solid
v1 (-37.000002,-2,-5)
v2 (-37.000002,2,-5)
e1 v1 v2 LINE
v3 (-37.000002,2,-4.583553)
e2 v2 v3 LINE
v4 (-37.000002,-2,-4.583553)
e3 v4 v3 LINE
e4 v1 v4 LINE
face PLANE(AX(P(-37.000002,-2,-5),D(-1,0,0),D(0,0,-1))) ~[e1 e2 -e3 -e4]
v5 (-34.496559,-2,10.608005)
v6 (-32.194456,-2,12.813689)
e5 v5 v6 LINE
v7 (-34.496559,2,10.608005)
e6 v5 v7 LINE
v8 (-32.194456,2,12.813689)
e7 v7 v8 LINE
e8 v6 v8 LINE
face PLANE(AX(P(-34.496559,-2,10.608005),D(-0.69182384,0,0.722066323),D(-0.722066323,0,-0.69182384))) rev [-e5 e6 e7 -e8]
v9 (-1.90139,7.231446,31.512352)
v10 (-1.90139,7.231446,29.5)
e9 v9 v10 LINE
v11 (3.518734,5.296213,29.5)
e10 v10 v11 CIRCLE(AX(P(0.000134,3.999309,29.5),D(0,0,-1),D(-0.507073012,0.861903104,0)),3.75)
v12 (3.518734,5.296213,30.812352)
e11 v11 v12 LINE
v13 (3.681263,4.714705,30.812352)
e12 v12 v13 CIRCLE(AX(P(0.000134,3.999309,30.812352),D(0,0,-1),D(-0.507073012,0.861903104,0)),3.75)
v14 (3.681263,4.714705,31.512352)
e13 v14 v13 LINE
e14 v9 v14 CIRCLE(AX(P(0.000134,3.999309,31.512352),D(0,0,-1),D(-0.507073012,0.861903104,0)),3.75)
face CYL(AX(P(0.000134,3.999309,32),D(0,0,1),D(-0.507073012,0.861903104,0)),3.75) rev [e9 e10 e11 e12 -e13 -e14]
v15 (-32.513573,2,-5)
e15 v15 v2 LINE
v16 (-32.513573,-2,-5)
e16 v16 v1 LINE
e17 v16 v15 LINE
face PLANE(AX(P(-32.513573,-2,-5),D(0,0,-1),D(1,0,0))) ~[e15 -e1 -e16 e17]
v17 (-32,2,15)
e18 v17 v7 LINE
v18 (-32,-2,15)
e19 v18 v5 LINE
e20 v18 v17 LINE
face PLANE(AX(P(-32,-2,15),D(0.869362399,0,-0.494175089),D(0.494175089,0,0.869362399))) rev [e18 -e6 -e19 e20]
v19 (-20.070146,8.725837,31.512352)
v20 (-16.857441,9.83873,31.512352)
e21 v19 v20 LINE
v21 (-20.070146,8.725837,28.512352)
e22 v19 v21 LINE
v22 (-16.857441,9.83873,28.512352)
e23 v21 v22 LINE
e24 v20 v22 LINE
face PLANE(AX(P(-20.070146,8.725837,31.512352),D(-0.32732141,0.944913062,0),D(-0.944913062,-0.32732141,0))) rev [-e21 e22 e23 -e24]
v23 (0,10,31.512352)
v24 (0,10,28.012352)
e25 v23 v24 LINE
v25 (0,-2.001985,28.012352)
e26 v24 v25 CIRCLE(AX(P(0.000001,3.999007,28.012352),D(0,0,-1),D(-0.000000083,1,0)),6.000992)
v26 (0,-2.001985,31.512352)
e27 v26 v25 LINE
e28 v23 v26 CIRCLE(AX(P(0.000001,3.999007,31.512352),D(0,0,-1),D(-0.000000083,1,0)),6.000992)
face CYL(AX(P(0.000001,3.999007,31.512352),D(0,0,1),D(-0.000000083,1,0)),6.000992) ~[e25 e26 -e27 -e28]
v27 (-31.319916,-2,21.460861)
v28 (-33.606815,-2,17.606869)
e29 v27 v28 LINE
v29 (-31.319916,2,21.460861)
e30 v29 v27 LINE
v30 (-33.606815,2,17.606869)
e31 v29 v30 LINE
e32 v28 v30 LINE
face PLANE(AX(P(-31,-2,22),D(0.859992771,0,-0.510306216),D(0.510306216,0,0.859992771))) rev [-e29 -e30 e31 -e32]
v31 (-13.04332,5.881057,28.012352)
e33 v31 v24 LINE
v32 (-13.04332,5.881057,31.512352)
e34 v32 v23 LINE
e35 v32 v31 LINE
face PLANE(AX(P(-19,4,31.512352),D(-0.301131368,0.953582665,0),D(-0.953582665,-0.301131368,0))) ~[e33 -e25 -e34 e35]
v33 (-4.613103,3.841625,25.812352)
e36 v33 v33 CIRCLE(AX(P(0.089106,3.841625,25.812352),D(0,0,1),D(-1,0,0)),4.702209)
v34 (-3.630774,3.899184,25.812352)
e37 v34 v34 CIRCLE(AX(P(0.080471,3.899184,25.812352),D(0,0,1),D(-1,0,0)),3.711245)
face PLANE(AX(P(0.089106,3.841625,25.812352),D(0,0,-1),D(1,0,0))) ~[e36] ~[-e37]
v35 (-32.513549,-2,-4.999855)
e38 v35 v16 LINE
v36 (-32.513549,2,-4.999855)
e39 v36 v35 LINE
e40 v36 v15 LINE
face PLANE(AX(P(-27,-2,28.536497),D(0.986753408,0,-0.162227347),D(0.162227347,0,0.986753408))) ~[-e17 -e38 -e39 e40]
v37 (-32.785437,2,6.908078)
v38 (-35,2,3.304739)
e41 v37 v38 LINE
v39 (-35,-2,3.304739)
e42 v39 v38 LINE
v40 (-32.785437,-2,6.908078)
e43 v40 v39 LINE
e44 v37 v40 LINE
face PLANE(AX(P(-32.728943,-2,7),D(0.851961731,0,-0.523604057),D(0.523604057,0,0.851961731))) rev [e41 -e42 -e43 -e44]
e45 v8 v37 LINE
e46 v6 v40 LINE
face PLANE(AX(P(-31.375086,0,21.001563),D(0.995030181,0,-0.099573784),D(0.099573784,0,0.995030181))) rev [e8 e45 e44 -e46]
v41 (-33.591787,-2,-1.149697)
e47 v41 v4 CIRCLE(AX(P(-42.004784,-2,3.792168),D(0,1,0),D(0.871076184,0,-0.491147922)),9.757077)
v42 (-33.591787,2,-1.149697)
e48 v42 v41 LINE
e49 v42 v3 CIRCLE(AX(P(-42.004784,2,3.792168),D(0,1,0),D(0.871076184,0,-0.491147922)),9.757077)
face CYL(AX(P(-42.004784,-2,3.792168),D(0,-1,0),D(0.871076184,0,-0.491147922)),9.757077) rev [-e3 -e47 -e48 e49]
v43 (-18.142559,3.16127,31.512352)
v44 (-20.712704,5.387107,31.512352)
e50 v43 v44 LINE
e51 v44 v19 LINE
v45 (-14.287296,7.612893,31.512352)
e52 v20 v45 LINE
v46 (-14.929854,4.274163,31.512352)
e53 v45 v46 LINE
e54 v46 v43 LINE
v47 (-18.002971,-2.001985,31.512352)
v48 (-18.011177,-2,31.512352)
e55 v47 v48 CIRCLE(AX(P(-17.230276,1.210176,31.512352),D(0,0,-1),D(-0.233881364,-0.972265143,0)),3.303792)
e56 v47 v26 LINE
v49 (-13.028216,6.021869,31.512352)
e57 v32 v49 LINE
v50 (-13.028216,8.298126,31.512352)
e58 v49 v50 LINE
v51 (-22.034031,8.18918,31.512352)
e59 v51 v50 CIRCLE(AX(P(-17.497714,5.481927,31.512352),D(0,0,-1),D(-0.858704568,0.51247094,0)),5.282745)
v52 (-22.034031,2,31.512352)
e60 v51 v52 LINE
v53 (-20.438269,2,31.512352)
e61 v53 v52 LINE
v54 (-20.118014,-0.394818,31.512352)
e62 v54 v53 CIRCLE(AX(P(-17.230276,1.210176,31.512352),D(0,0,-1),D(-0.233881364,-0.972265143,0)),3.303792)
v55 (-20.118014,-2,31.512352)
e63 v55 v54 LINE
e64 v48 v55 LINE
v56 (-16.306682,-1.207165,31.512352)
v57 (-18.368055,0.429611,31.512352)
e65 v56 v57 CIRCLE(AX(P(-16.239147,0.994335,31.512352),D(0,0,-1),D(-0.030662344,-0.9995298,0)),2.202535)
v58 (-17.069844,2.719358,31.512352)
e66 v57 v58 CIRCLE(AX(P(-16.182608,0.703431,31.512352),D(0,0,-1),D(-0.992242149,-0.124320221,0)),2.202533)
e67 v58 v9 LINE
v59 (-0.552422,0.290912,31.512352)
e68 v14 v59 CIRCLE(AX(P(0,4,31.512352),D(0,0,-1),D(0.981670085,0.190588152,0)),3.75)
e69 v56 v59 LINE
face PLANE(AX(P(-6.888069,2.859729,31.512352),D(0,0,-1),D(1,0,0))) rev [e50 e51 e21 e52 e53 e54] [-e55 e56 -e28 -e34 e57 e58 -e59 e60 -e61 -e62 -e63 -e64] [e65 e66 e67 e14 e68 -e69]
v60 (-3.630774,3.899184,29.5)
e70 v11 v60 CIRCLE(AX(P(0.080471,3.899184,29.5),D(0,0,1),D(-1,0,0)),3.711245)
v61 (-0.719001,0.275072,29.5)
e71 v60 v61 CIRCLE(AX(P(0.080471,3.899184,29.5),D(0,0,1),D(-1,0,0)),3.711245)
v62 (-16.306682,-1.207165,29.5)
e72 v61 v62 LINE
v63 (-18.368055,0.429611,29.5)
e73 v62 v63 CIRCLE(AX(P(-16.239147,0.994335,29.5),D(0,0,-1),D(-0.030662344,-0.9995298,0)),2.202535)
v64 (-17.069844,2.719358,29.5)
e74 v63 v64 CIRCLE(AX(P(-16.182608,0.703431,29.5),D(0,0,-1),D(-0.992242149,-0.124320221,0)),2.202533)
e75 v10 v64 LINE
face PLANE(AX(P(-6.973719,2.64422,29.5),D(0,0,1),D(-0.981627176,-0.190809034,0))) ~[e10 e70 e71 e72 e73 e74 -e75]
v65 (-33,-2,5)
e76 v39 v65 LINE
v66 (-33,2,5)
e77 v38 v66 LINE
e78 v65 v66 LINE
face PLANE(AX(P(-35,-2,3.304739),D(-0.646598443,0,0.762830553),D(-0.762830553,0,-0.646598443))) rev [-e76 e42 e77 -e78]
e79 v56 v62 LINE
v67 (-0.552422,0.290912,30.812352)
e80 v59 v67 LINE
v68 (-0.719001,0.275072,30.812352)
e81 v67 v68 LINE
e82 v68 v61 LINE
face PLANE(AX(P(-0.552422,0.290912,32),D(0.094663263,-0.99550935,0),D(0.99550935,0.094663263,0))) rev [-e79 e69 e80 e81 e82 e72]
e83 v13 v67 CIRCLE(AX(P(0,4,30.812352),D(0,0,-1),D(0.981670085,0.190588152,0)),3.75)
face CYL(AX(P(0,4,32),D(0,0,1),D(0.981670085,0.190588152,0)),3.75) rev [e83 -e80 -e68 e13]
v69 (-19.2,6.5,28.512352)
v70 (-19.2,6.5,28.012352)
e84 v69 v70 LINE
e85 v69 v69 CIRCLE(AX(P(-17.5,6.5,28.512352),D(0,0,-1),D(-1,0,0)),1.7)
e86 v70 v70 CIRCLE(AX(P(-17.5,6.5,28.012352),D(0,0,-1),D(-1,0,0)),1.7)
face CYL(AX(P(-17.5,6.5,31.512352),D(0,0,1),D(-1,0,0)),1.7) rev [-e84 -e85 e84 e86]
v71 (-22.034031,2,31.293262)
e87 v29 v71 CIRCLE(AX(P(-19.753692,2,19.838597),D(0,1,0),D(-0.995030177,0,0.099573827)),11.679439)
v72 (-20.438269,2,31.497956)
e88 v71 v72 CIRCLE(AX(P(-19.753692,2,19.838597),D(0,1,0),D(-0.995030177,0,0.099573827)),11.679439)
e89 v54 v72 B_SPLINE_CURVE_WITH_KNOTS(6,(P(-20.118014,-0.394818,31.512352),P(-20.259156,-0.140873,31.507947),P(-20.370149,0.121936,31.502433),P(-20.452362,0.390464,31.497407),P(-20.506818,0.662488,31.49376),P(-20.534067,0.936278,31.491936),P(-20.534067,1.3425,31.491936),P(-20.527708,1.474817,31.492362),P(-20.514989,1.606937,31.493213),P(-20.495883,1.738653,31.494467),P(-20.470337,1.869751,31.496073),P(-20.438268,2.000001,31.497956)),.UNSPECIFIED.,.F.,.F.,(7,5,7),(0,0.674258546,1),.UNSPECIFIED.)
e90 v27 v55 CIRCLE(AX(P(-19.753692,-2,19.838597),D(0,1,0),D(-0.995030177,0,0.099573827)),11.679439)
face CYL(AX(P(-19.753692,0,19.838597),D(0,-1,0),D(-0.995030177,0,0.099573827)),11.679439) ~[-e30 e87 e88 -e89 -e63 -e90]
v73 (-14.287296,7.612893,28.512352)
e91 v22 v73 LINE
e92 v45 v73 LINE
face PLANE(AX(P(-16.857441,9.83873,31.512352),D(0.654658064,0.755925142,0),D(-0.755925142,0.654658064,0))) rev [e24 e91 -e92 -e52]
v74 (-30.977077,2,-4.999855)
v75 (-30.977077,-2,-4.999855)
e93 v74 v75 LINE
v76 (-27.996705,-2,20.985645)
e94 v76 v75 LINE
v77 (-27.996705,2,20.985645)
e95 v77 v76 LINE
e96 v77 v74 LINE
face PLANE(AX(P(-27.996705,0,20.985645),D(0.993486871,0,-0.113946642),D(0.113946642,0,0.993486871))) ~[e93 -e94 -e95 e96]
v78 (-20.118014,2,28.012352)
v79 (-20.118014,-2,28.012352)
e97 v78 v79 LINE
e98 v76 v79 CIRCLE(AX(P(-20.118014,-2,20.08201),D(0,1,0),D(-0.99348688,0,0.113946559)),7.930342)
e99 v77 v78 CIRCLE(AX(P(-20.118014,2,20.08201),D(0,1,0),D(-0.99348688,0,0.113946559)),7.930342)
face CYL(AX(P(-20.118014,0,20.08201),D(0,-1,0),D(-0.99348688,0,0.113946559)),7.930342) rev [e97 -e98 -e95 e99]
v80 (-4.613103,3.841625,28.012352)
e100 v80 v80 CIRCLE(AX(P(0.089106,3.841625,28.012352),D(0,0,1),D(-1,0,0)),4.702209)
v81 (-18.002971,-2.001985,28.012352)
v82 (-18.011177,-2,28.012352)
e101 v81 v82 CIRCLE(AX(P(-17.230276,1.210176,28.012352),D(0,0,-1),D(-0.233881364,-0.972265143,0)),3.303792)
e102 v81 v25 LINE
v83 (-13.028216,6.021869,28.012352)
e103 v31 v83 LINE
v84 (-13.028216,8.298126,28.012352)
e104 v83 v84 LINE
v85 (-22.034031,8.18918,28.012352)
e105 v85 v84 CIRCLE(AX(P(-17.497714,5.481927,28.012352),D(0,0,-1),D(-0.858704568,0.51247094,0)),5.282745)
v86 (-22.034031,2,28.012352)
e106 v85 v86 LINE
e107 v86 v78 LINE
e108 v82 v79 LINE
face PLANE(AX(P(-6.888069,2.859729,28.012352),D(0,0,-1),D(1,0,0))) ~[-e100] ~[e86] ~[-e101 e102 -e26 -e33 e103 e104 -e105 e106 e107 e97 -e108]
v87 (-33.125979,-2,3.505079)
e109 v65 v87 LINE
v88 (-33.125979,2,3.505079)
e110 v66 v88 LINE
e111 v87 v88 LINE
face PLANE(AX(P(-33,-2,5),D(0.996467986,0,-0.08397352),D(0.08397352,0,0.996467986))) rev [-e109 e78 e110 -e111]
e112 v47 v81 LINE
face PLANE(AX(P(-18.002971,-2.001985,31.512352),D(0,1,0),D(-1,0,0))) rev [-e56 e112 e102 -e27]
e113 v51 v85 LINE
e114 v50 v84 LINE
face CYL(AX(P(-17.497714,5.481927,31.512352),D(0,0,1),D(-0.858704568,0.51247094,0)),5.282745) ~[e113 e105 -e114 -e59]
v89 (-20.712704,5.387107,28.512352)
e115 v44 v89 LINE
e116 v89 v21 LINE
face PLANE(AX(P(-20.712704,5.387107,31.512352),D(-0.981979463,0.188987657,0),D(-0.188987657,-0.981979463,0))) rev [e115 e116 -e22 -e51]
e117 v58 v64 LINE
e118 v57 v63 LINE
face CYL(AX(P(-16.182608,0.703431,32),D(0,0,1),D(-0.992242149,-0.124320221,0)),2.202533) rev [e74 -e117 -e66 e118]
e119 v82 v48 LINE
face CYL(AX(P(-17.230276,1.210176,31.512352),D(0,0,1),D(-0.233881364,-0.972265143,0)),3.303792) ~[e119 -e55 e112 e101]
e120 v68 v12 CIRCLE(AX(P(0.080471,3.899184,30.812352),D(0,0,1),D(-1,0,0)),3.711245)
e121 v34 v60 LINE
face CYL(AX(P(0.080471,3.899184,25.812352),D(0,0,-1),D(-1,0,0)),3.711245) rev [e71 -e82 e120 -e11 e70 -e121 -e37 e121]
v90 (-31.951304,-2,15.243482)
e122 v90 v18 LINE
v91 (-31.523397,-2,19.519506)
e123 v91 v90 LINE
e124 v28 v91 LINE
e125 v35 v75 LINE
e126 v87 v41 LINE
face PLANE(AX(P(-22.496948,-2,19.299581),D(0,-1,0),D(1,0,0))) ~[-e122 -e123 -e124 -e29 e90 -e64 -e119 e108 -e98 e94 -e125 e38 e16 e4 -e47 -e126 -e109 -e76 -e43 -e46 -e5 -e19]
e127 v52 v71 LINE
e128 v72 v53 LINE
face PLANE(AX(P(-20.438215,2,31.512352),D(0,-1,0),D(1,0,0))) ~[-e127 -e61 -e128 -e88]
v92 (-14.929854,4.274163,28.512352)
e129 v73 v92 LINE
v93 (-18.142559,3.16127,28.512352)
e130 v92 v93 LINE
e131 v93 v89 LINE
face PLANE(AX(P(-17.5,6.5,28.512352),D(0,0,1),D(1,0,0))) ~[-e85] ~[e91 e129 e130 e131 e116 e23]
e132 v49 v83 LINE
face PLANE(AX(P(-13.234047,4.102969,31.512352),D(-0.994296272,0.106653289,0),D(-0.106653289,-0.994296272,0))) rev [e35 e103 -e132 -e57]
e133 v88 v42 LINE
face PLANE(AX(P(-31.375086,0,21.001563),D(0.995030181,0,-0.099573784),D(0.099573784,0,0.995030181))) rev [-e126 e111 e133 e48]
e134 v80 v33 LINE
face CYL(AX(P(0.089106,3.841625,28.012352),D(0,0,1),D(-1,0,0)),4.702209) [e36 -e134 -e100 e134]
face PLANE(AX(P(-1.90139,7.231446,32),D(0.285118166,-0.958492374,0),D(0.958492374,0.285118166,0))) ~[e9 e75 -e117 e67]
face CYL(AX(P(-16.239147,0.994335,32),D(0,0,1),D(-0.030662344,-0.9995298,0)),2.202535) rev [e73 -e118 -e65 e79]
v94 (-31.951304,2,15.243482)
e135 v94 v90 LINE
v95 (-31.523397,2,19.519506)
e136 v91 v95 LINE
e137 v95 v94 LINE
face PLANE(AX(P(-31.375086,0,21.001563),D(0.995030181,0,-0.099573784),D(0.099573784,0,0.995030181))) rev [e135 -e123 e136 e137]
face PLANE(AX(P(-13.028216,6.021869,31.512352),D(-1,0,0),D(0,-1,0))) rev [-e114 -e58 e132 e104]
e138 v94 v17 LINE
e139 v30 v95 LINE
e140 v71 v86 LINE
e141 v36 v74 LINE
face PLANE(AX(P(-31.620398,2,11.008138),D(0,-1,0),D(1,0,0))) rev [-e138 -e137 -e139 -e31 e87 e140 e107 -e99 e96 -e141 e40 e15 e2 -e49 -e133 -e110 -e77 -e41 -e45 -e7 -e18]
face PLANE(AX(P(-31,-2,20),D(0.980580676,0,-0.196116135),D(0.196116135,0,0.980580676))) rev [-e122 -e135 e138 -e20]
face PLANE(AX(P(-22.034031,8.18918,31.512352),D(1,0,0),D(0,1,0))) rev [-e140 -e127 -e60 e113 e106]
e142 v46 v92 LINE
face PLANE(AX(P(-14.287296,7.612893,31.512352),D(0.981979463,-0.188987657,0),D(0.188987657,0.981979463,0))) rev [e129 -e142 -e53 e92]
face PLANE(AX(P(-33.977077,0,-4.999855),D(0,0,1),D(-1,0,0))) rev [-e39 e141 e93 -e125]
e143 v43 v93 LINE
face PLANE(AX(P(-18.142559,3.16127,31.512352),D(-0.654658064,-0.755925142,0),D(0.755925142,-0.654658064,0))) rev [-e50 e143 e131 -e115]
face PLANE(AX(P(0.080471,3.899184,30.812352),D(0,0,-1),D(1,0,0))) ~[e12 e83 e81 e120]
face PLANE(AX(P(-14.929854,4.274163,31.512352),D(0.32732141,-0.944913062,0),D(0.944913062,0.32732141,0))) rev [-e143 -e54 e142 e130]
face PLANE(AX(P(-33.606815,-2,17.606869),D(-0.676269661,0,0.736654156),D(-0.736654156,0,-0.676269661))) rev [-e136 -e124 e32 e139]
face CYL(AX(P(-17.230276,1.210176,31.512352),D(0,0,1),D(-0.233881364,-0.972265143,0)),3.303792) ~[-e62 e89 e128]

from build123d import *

# Parameters (mm, degrees)
PAD061_DEPTH       = 3.5
PAD059_DEPTH       = 2.5
PAD057_DEPTH       = 2
PAD058_DEPTH       = 3.5
SKETCH098_R        = 4.702209
PAD060_DEPTH       = 2.2
SKETCH099_R        = 3.711245
POCKET003044_DEPTH = 5
SKETCH101_R        = 1.7
POCKET003045_DEPTH = 5
POCKET003046_DEPTH = 3
PAD062_DEPTH       = 4


with BuildPart() as leg_link_shape:
    # Sketch100 → Pad061 (new body)
    with BuildSketch(Plane(origin=(0, 0, 31.512352), x_dir=(-1, 0, 0), z_dir=(0, 0, 1))):
        with BuildLine():
            Line((-20.438215, -2), (-13.234047, -4.102969))
            Line((-13.234047, -4.102969), (-13.028216, -6.021869))
            Line((-13.028216, -6.021869), (-13.028216, -8.298126))
            ThreePointArc((-22.034031, -8.18918), (-17.561616, -10.764285), (-13.028216, -8.298126))
            Line((-22.034031, -8.18918), (-22.034031, -2))
            Line((-20.438215, -2), (-22.034031, -2))
        make_face()
    extrude(amount=-PAD061_DEPTH)


with BuildPart() as sg90_servo_hole:
    # Sketch094 → Pad059 (new body)
    with BuildSketch(Plane(origin=(0, 4, 32), x_dir=(-0.981627, 0.190809, 0), z_dir=(0, 0, 1))):
        with BuildLine():
            ThreePointArc((3.75, 0.000844), (2.164719, 3.062106), (-1.25, 3.535534))
            Line((-1.25, 3.535534), (-17.000656, 2.000032))
            ThreePointArc((-17.000656, 2.000032), (-18.187877, 1.283749), (-18.711844, 0))
            ThreePointArc((-18.711844, 0), (-18.187829, -1.28373), (-17.000581, -1.999968))
            Line((-1.249867, -3.534878), (-17.000581, -1.999968))
            ThreePointArc((-1.249867, -3.534878), (2.165178, -3.061078), (3.75, 0.000844))
        make_face()
    extrude(amount=-PAD059_DEPTH)


with BuildPart() as clone_of_leg_servo_sg90:
    # Sketch095 → Pad057 (new body, symmetric)
    with BuildSketch(Plane.XZ):
        with BuildLine():
            Line((0, 28.012352), (20.118014, 28.012352))
            ThreePointArc((27.996705, 20.985645), (25.39647, 26.000475), (20.118014, 28.012352))
            Line((27.996705, 20.985645), (30.977077, -4.999855))
            Line((33.977077, -4.999855), (30.977077, -4.999855))
            Line((31.375086, 21.001563), (33.977077, -4.999855))
            ThreePointArc((31.375086, 21.001563), (27.724484, 28.375327), (20.118014, 31.512352))
            Line((0, 31.512352), (20.118014, 31.512352))
            Line((0, 28.012352), (0, 31.512352))
        make_face()
    extrude(amount=PAD057_DEPTH, both=True)

    # Sketch096 → Pad058 (new body)
    with BuildSketch(Plane(origin=(0, 0, 31.512352), x_dir=(-1, 0, 0), z_dir=(0, 0, 1))):
        with BuildLine():
            Line((-18.002971, 2.001985), (0, 2.001985))
            ThreePointArc((0, -10), (6.000993, -3.999007), (0, 2.001985))
            Line((-19, -4), (0, -10))
            ThreePointArc((-18.002971, 2.001985), (-20.489406, -0.668781), (-19, -4))
        make_face()
    extrude(amount=-PAD058_DEPTH)

    # Cut: cut sg90_servo_hole
    add(sg90_servo_hole.part, mode=Mode.SUBTRACT)

    # Sketch098 → Pad060 (new body)
    with BuildSketch(Plane(origin=(0, 0, 28.012352), x_dir=(1, 0, 0), z_dir=(0, 0, -1))):
        with Locations((-0.089106, -3.841625)):
            Circle(SKETCH098_R)
    extrude(amount=PAD060_DEPTH)

    # Sketch099 → Pocket003044 (cut)
    with BuildSketch(Plane(origin=(0, 0, 25.812352), x_dir=(1, 0, 0), z_dir=(0, 0, -1))):
        with Locations((-0.080471, -3.899184)):
            Circle(SKETCH099_R)
    extrude(amount=-POCKET003044_DEPTH, mode=Mode.SUBTRACT)

    # Fusion007041: union leg_link_shape
    add(leg_link_shape.part)

    # Sketch101 → Pocket003045 (cut)
    with BuildSketch(Plane.XY.offset(31.512352)):
        with Locations((17.5, 6.5)):
            Circle(SKETCH101_R)
    extrude(amount=-POCKET003045_DEPTH, mode=Mode.SUBTRACT)

    # Sketch103 → Pocket003046 (cut)
    with BuildSketch(Plane.XY.offset(31.512352)):
        Polygon((18.142559, 3.16127), (20.712704, 5.387107), (20.070146, 8.725837), (16.857441, 9.83873), (14.287296, 7.612893), (14.929854, 4.274163), align=None)
    extrude(amount=-POCKET003046_DEPTH, mode=Mode.SUBTRACT)

    # Sketch102 → Pad062 (new body)
    with BuildSketch(Plane.XZ.offset(2)):
        with BuildLine():
            Line((27, 28.536497), (32.513573, -5))
            Line((32.513573, -5), (37.000002, -5))
            Line((37.000002, -5), (37.000002, -4.583553))
            ThreePointArc((33.505627, -1), (35.019116, -3.019659), (37.000002, -4.583553))
            Line((33, 5), (33.505627, -1))
            Line((35, 3.304739), (33, 5))
            Line((32.728943, 7), (35, 3.304739))
            Line((32, 13), (32.728943, 7))
            Line((34.496559, 10.608005), (32, 13))
            Line((32, 15), (34.496559, 10.608005))
            Line((31, 20), (32, 15))
            Line((33.606815, 17.606869), (31, 20))
            Line((31, 22), (33.606815, 17.606869))
            Line((27, 28.536497), (31, 22))
        make_face()
    extrude(amount=-PAD062_DEPTH)


with BuildPart() as part_mirroring008:
    # Part__Mirroring008: instance of Clone of leg_servo_SG90
    add(clone_of_leg_servo_sg90.part.mirror(Plane(origin=(0, 0, 0), x_dir=(0, -1, 0), z_dir=(1, 0, 0))))


solid = part_mirroring008.part
